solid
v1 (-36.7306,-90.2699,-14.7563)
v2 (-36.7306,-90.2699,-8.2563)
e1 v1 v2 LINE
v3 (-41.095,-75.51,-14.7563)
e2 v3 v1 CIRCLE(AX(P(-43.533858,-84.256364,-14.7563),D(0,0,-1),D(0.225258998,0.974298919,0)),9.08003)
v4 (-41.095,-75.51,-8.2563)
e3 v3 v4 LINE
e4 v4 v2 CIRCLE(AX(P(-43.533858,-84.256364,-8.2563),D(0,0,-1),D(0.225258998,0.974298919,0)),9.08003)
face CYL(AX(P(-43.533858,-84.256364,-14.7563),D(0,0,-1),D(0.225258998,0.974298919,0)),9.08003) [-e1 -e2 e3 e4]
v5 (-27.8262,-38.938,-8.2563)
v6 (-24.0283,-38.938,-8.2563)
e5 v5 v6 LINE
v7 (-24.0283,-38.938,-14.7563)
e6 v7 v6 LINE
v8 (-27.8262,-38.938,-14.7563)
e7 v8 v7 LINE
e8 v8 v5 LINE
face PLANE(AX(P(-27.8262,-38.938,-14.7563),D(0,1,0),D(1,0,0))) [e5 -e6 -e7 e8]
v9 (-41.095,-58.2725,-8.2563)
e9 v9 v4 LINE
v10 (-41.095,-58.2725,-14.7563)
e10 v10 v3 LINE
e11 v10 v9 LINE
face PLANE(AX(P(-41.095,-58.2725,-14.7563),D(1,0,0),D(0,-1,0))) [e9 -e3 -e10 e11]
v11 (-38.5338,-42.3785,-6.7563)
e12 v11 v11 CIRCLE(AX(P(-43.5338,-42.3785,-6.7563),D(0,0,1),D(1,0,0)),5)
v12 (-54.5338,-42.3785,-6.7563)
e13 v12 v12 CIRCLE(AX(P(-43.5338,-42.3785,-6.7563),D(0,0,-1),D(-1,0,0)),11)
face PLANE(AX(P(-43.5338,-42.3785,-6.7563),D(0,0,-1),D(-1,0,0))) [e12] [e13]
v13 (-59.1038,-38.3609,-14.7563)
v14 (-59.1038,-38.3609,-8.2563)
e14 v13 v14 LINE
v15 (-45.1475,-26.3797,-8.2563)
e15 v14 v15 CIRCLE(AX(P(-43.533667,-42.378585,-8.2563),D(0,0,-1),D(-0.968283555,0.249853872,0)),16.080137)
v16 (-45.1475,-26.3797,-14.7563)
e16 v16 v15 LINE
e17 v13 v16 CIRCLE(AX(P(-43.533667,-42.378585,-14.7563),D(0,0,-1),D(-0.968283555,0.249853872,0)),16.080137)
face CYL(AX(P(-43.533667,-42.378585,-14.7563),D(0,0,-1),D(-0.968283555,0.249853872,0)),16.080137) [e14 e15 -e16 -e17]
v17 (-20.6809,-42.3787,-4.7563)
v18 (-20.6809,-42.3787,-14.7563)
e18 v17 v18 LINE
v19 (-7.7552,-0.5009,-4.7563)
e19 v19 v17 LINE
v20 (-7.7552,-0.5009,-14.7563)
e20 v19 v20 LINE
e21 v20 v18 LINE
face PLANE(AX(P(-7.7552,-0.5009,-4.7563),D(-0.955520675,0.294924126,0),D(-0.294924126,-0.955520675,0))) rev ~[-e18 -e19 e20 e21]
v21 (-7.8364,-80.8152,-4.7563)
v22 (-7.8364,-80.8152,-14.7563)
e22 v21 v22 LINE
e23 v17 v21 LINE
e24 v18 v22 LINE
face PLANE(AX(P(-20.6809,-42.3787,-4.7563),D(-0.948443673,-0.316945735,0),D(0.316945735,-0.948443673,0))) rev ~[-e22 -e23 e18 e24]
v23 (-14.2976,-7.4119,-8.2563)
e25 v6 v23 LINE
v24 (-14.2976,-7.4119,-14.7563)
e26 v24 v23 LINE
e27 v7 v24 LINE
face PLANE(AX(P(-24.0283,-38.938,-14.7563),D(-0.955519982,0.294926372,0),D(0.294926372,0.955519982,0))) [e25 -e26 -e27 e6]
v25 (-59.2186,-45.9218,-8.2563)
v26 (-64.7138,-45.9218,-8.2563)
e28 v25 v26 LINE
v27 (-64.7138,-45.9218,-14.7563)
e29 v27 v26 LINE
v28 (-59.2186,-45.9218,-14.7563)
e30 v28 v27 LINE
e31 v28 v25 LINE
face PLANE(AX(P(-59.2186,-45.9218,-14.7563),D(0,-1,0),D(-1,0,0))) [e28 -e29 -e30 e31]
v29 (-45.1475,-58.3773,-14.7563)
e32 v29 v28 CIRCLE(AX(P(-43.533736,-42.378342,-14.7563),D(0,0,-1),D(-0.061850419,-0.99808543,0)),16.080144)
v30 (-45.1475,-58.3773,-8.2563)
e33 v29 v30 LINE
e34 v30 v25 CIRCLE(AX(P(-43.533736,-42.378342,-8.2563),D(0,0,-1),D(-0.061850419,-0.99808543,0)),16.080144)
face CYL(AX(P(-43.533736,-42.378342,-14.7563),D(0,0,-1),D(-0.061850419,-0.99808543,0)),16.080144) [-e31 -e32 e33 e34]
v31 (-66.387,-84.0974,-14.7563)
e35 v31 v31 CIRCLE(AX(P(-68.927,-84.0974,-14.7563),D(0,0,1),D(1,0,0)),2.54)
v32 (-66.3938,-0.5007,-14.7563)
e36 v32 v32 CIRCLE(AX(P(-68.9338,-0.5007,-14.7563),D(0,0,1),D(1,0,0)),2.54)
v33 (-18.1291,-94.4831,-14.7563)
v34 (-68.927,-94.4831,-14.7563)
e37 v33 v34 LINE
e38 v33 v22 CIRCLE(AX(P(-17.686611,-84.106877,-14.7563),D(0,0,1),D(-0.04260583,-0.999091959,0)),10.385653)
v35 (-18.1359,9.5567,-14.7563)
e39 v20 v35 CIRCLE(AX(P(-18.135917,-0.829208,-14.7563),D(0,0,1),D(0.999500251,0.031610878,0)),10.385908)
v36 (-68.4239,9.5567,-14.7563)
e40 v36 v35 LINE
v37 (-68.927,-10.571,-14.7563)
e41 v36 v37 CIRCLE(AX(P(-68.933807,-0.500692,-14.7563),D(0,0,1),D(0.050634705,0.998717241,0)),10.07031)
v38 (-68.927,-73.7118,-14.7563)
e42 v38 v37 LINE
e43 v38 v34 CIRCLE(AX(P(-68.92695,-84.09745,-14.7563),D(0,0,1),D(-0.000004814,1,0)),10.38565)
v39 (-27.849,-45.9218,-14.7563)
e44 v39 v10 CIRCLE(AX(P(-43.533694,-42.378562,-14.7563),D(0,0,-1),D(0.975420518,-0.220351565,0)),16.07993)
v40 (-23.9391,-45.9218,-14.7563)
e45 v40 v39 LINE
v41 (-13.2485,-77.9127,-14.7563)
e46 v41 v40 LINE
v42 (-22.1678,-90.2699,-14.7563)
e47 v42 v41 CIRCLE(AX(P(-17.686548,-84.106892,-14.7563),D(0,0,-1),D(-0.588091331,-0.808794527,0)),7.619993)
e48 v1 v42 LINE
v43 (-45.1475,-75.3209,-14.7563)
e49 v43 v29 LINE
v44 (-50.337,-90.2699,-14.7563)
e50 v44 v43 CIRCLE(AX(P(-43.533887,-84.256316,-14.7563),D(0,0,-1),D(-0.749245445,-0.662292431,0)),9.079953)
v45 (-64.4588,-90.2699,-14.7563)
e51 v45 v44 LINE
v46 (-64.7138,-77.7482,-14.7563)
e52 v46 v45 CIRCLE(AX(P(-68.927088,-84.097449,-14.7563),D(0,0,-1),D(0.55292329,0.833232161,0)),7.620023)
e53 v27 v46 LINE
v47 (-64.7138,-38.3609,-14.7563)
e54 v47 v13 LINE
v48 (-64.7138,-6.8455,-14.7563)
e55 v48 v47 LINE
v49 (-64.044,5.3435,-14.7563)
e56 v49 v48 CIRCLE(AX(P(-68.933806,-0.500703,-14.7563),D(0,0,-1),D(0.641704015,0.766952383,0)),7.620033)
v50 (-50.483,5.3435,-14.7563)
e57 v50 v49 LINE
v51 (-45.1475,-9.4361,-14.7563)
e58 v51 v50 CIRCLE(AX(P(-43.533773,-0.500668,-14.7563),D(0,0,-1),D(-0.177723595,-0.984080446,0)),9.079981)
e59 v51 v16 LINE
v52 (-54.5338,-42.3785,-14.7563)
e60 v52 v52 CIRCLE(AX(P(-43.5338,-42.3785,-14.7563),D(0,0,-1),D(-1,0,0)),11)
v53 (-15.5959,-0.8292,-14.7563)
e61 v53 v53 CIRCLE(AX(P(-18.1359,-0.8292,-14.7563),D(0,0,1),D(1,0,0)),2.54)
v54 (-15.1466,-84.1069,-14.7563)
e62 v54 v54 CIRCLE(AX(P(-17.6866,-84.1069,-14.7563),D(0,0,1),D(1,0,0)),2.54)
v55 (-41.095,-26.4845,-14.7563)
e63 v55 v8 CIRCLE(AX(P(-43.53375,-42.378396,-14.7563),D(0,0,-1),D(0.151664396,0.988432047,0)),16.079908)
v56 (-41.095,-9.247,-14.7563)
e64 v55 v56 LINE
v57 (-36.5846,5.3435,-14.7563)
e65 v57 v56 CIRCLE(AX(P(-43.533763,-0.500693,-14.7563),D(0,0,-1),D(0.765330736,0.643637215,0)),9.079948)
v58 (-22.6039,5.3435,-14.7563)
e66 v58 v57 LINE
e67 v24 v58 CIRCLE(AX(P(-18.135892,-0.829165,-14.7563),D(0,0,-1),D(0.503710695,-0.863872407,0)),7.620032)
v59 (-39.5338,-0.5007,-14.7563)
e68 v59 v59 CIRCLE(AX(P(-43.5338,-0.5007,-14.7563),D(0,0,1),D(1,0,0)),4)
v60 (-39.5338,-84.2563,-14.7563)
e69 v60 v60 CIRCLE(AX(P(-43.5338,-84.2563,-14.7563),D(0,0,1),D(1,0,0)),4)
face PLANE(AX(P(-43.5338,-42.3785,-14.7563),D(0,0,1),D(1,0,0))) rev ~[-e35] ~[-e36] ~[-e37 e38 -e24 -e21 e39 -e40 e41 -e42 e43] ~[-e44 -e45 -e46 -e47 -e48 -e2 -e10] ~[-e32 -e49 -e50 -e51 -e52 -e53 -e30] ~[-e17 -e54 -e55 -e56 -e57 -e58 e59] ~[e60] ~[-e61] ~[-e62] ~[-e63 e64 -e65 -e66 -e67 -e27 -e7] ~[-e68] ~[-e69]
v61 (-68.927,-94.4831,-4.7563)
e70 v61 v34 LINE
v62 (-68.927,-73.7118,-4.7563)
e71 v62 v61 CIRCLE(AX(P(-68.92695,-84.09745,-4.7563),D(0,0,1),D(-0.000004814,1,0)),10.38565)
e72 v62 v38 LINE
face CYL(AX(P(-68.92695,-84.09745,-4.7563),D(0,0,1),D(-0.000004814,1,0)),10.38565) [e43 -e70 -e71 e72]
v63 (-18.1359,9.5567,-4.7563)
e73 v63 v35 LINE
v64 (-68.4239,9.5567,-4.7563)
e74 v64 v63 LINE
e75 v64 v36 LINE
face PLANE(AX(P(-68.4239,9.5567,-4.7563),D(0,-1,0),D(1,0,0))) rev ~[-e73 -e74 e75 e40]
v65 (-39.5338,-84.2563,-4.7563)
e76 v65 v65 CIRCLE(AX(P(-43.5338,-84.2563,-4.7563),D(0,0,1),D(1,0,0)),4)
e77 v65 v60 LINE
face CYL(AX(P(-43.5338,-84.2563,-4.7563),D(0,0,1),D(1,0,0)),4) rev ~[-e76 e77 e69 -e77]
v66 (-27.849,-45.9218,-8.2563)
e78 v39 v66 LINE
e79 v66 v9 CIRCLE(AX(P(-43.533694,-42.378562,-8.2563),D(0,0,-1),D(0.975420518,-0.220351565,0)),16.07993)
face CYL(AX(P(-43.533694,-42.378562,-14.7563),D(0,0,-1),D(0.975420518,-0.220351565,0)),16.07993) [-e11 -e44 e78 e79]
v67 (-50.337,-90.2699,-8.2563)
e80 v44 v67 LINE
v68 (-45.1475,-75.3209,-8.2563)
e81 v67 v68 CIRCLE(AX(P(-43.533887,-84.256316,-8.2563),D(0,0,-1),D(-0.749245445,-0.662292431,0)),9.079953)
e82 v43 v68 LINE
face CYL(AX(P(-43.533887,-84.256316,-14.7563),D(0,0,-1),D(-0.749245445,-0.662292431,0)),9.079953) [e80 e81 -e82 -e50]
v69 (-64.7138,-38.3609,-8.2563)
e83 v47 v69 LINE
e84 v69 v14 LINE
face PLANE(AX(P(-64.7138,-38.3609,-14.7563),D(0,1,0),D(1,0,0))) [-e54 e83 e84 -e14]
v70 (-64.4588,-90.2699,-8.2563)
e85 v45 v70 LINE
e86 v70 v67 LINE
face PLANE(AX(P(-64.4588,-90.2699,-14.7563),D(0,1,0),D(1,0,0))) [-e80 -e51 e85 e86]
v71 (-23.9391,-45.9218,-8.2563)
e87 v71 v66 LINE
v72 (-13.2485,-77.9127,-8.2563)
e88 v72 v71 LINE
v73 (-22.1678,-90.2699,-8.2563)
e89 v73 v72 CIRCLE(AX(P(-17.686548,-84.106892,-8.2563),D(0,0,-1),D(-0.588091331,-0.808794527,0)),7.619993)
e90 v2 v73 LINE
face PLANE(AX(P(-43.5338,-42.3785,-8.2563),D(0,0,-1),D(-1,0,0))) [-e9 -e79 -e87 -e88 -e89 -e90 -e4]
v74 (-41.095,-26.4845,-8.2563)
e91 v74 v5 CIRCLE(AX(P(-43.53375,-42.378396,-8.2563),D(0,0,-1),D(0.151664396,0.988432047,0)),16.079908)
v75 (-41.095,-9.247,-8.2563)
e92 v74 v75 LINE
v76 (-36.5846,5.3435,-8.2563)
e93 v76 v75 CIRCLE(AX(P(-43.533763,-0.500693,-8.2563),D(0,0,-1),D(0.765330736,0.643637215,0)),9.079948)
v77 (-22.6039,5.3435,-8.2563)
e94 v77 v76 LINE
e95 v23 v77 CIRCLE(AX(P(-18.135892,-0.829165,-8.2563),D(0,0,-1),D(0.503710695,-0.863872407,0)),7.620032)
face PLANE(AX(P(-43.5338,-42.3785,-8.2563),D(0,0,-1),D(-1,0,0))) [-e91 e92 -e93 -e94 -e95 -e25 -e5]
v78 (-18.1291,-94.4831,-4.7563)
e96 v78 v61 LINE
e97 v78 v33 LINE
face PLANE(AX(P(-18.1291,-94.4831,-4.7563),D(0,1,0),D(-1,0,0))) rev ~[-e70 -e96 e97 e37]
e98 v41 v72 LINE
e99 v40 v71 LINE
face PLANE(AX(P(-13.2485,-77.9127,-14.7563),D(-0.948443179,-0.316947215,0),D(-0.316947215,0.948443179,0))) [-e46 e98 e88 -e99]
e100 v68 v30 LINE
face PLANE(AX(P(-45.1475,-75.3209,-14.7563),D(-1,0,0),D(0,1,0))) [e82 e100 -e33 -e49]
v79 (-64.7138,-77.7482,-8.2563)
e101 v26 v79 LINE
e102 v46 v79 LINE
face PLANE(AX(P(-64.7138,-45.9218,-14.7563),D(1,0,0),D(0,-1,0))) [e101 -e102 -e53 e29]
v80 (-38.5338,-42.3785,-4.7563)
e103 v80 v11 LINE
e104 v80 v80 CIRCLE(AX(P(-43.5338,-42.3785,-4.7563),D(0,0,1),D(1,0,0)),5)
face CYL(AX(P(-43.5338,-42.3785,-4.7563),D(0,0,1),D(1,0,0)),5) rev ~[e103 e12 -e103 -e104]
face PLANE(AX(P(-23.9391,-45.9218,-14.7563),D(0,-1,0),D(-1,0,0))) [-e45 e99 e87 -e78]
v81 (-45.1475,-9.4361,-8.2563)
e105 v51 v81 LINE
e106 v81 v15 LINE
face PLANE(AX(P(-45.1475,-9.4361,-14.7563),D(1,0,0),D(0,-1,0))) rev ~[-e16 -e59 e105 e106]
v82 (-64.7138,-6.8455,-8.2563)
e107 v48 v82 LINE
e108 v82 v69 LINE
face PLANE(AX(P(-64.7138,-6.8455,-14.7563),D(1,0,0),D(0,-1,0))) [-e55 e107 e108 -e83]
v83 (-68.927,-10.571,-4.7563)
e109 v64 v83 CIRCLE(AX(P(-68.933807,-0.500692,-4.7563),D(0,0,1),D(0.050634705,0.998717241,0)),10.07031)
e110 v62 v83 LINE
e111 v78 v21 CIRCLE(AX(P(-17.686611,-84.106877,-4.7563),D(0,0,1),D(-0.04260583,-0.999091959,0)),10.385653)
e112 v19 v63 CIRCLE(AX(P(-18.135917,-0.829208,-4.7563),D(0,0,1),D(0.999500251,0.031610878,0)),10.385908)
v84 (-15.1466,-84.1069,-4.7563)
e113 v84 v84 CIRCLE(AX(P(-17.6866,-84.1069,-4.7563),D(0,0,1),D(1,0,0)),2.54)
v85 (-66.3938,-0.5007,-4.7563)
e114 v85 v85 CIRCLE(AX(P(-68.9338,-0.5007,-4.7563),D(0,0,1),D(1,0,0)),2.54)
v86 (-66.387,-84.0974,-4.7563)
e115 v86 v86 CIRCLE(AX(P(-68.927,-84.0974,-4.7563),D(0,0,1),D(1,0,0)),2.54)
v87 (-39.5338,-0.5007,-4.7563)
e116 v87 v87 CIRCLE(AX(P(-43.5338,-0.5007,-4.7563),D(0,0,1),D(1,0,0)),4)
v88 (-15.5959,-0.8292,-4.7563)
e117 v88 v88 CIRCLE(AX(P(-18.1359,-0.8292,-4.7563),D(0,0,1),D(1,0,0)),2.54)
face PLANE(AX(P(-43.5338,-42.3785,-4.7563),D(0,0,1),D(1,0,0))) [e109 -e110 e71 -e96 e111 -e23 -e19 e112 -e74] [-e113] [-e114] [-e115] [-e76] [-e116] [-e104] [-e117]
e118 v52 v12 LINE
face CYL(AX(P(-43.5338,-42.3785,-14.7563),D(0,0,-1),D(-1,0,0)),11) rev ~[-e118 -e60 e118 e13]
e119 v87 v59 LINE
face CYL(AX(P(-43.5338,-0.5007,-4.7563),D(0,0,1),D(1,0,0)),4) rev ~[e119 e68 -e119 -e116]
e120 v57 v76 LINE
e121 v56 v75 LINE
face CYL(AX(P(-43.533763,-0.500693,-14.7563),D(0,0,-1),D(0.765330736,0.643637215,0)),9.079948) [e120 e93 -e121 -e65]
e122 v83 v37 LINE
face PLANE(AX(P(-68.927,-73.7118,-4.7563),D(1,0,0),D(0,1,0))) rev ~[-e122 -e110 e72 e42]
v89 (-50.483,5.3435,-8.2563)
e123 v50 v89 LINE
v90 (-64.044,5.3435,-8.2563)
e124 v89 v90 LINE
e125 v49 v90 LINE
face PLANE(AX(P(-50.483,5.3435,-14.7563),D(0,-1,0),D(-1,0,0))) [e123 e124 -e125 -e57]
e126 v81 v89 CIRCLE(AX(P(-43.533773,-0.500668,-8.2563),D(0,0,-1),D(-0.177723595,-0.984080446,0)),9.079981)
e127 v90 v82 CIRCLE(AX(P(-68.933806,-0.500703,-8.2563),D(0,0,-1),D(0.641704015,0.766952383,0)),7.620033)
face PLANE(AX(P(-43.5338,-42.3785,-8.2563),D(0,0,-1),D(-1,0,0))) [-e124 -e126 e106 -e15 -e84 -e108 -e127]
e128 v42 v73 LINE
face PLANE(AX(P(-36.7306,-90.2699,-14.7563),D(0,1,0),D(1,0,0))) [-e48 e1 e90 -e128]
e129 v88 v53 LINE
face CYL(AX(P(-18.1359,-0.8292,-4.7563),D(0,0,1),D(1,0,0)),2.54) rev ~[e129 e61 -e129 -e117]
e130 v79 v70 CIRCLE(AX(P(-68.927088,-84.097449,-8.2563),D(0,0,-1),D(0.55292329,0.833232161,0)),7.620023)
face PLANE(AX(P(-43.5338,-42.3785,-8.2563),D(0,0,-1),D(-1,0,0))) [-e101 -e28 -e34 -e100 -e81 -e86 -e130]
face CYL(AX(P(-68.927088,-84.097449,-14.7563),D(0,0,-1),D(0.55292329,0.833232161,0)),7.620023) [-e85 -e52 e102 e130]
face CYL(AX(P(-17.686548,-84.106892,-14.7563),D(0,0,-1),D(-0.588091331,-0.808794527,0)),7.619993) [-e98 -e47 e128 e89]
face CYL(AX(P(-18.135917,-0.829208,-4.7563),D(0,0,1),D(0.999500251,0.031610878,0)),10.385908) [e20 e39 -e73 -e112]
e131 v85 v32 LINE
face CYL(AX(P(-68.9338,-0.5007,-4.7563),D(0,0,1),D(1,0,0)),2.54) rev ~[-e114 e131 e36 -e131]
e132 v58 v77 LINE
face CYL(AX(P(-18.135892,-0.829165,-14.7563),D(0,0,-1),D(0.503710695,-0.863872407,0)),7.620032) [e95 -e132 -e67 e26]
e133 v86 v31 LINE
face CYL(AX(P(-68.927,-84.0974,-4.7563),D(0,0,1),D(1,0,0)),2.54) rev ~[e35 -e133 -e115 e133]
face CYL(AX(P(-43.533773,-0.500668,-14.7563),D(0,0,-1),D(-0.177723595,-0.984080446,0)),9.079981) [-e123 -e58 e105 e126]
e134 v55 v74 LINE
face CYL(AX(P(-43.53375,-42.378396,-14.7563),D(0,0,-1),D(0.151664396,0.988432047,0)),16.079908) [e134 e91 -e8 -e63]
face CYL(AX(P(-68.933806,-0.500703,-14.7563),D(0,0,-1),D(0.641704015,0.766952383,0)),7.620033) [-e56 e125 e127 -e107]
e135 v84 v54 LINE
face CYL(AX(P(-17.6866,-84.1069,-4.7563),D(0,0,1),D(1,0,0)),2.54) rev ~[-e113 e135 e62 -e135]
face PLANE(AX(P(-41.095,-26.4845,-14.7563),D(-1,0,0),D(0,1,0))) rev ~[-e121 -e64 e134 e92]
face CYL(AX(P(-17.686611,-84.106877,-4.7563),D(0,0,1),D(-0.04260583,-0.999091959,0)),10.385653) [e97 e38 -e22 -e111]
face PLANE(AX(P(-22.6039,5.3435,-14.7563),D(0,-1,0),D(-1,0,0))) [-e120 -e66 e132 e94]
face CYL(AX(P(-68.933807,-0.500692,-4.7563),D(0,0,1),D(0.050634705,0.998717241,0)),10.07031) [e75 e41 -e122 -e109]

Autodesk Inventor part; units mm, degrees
ref_plane "YZ Plane" through (0, 0, 0) normal (1, 0, 0) x (0, 1, 0)
ref_plane "XZ Plane" through (0, 0, 0) normal (0, 1, 0) x (-1, 0, 0)
ref_plane "XY Plane" through (0, 0, 0) normal (0, 0, 1) x (1, 0, 0)
ref_plane "Work Plane1" through (-43.5338, -0.5007, 1.2381) normal (0, 0, 1) x (1, 0, 0)
ref_plane "Work Plane2" through (-43.5338, -42.3785, -4.7563) normal (0, 0, 1) x (1, 0, 0)
sketch "Sketch1" plane through (-43.5338, -42.3785, -4.7563) normal (0, 0, 1) x (1, 0, 0)
  circle A0 centre (0, 41.8778) radius 4 projected
  circle A1 centre (0, 0) radius 4 projected
  circle A2 centre (0, -41.8778) radius 4 projected
  circle A3 centre (-25.4, 41.8778) radius 2.54
  circle A4 centre (-25.3932, -41.7189) radius 2.54
  circle A5 centre (25.3979, 41.5493) radius 2.54
  circle A6 centre (25.8472, -41.7284) radius 2.54
  arc A7 (-24.8901, 51.9352) -> (-25.3932, 31.8075) centre (-25.4, 41.8778) ccw
  arc A8 (-25.3932, -31.3333) -> (-25.3932, -52.1046) centre (-25.3932, -41.7189) ccw
  arc A9 (25.4047, -52.1046) -> (35.6974, -38.4367) centre (25.8472, -41.7284) ccw
  arc A10 (35.7786, 41.8776) -> (25.3979, 51.9352) centre (25.3979, 41.5493) ccw
  line L0 (-24.8901, 51.9352) -> (25.3979, 51.9352)
  line L1 (35.7786, 41.8776) -> (22.8529, -0.0002)
  line L2 (22.8529, -0.0002) -> (35.6974, -38.4367)
  line L3 (25.4047, -52.1046) -> (-25.3932, -52.1046)
  line L4 (-25.3932, -31.3333) -> (-25.3932, 31.8075)
  point P0 (43.5338, 42.3785)
  dimension "d0" = 5.08
  dimension "d1" = 25.4
  dimension "d2" = 5.08
  dimension "d3" = 5.08
  dimension "d4" = 5.08
  dimension "d5" = 25.4
extrude "Extrusion1" add sketch "Sketch1" against normal blind 10
sketch "Sketch2" plane through (-43.5338, -42.3785, -14.7563) normal (0, 0, -1) x (-1, 0, 0)
  circle A0 centre (0, -41.8778) radius 4 projected
  circle A1 centre (0, 0) radius 4 projected
  circle A2 centre (0, 41.8778) radius 4 projected
  circle A3 centre (-25.8472, -41.7284) radius 2.54 projected
  circle A4 centre (-25.3979, 41.5493) radius 2.54 projected
  circle A5 centre (25.3932, -41.7189) radius 2.54 projected
  circle A6 centre (25.4, 41.8778) radius 2.54 projected
  arc A7 (25.3932, 31.8075) -> (24.8901, 51.9352) centre (25.4, 41.8778) ccw projected
  line L0 (25.3932, 31.8075) -> (25.3932, -31.3333) projected
  arc A8 (25.3932, -52.1046) -> (25.3932, -31.3333) centre (25.3932, -41.7189) ccw projected
  line L1 (25.3932, -52.1046) -> (-25.4047, -52.1046) projected
  arc A9 (-35.6974, -38.4367) -> (-25.4047, -52.1046) centre (-25.8472, -41.7284) ccw projected
  line L2 (-35.6974, -38.4367) -> (-22.8529, -0.0002) projected
  line L3 (-22.8529, -0.0002) -> (-35.7786, 41.8776) projected
  arc A10 (-25.3979, 51.9352) -> (-35.7786, 41.8776) centre (-25.3979, 41.5493) ccw projected
  line L4 (-25.3979, 51.9352) -> (24.8901, 51.9352) projected
  circle A11 centre (0, 0) radius 11
  point P0 (-43.5338, 42.3785)
  dimension "d8" = 22
extrude "Extrusion2" cut sketch "Sketch2" against normal blind 8 contours A11
sketch "Sketch3" plane through (-43.5338, -42.3785, -4.7563) normal (0, 0, 1) x (1, 0, 0)
  circle A0 centre (0, 0) radius 5
  point P0 (43.5338, 42.3785)
  dimension "d11" = 10
extrude "Extrusion3" cut sketch "Sketch3" against normal blind 8
sketch "Sketch4" plane through (-43.5338, -42.3785, -14.7563) normal (0, 0, -1) x (-1, 0, 0)
  circle A0 centre (0, 0) radius 11 projected
  circle A1 centre (0, -41.8778) radius 4 projected
  circle A2 centre (0, 41.8778) radius 4 projected
  circle A3 centre (-25.8472, -41.7284) radius 2.54 projected
  circle A4 centre (-25.3979, 41.5493) radius 2.54 projected
  circle A5 centre (25.3932, -41.7189) radius 2.54 projected
  circle A6 centre (25.4, 41.8778) radius 2.54 projected
  arc A7 (25.3932, 31.8075) -> (24.8901, 51.9352) centre (25.4, 41.8778) ccw projected
  line L0 (24.8901, 51.9352) -> (-25.3979, 51.9352) projected
  arc A8 (-25.3979, 51.9352) -> (-35.7786, 41.8776) centre (-25.3979, 41.5493) ccw projected
  line L1 (-35.7786, 41.8776) -> (-22.8529, -0.0002) projected
  line L2 (-22.8529, -0.0002) -> (-35.6974, -38.4367) projected
  arc A9 (-35.6974, -38.4367) -> (-25.4047, -52.1046) centre (-25.8472, -41.7284) ccw projected
  line L3 (-25.4047, -52.1046) -> (25.3932, -52.1046) projected
  arc A10 (25.3932, -52.1046) -> (25.3932, -31.3333) centre (25.3932, -41.7189) ccw projected
  line L4 (25.3932, -31.3333) -> (25.3932, 31.8075) projected
  line L5 (-19.5055, 3.4405) -> (-29.2362, 34.9666)
  arc A11 (-26.1883, -47.8914) -> (-25.5061, -47.8914) centre (-25.8472, -41.7284) ccw
  line L6 (-30.2853, -35.5342) -> (-19.5947, -3.5433)
  circle A12 centre (0, 41.8778) radius 4 projected
  arc A13 (-29.2362, 34.9666) -> (-20.9299, 47.722) centre (-25.3979, 41.5493) ccw
  arc A14 (-21.366, -47.8914) -> (-30.2853, -35.5342) centre (-25.8472, -41.7284) ccw
  arc A15 (21.18, -35.3697) -> (20.925, -47.8914) centre (25.3932, -41.7189) ccw
  line L7 (-15.0962, 3.4405) -> (-19.5055, 3.4405)
  line L8 (-19.5947, -3.5433) -> (-15.0962, -3.5433)
  line L9 (21.18, 4.0176) -> (15.57, 4.0176)
  line L10 (15.6848, -3.5433) -> (21.18, -3.5433)
  line L11 (23.5004, 3.4405) -> (23.5004, 4.0176)
  line L12 (-2.4388, 15.894) -> (-2.4388, 33.1315)
  line L13 (1.6137, 32.9424) -> (1.6137, 15.9988)
  line L14 (-2.4388, -15.894) -> (-2.4388, -33.1315)
  line L15 (1.6137, -32.9424) -> (1.6137, -15.9988)
  line L16 (21.18, 35.533) -> (21.18, 4.0176)
  line L17 (21.18, -3.5433) -> (21.18, -37.208)
  arc A16 (20.5102, 47.722) -> (21.18, 35.533) centre (25.4, 41.8778) ccw
  line L18 (-20.9299, 47.722) -> (-6.9492, 47.722)
  line L19 (6.9492, 47.722) -> (20.5102, 47.722)
  arc A17 (15.57, 4.0176) -> (0.9078, 16.0544) centre (0, 0) ccw
  arc A18 (-2.4388, 15.894) -> (-15.7076, 3.4405) centre (0, 0) ccw
  arc A19 (-6.9492, 47.722) -> (-2.4388, 33.1315) centre (0, 41.8778) ccw
  arc A20 (1.6137, 32.9424) -> (6.9492, 47.722) centre (0, 41.8778) ccw
  arc A21 (-15.6848, -3.5433) -> (-1.8329, -15.9752) centre (0, 0) ccw
  arc A22 (0.9945, -16.0492) -> (15.6848, -3.5433) centre (0, 0) ccw
  arc A23 (-2.0453, -33.0312) -> (-6.8032, -47.8914) centre (0, -41.8778) ccw
  arc A24 (6.8032, -47.8914) -> (1.1925, -32.8765) centre (0, -41.8778) ccw
  line L20 (20.925, -47.8914) -> (6.8032, -47.8914)
  line L21 (-6.8032, -47.8914) -> (-21.366, -47.8914)
  point P0 (-43.5338, 42.3785)
  point P1 (18.8824, 0.2371)
  point P2 (-0.4126, 23.807)
  point P3 (-0.4126, -23.9098)
  dimension "d16" = 5.08
  dimension "d17" = 5.08
  dimension "d18" = 5.08
  dimension "d20" = 5.08
extrude "Extrusion4" cut sketch "Sketch4" against normal blind 6.5 contours L5 A13 L18 A19 L12 A18 L7 | L6 L8 A21 L14 A23 L21 A14 | A15 L20 A24 L15 A22 L10 L17 | L9 A17 L13 A20 L19 A16 L16
properties part number "Endstop"
